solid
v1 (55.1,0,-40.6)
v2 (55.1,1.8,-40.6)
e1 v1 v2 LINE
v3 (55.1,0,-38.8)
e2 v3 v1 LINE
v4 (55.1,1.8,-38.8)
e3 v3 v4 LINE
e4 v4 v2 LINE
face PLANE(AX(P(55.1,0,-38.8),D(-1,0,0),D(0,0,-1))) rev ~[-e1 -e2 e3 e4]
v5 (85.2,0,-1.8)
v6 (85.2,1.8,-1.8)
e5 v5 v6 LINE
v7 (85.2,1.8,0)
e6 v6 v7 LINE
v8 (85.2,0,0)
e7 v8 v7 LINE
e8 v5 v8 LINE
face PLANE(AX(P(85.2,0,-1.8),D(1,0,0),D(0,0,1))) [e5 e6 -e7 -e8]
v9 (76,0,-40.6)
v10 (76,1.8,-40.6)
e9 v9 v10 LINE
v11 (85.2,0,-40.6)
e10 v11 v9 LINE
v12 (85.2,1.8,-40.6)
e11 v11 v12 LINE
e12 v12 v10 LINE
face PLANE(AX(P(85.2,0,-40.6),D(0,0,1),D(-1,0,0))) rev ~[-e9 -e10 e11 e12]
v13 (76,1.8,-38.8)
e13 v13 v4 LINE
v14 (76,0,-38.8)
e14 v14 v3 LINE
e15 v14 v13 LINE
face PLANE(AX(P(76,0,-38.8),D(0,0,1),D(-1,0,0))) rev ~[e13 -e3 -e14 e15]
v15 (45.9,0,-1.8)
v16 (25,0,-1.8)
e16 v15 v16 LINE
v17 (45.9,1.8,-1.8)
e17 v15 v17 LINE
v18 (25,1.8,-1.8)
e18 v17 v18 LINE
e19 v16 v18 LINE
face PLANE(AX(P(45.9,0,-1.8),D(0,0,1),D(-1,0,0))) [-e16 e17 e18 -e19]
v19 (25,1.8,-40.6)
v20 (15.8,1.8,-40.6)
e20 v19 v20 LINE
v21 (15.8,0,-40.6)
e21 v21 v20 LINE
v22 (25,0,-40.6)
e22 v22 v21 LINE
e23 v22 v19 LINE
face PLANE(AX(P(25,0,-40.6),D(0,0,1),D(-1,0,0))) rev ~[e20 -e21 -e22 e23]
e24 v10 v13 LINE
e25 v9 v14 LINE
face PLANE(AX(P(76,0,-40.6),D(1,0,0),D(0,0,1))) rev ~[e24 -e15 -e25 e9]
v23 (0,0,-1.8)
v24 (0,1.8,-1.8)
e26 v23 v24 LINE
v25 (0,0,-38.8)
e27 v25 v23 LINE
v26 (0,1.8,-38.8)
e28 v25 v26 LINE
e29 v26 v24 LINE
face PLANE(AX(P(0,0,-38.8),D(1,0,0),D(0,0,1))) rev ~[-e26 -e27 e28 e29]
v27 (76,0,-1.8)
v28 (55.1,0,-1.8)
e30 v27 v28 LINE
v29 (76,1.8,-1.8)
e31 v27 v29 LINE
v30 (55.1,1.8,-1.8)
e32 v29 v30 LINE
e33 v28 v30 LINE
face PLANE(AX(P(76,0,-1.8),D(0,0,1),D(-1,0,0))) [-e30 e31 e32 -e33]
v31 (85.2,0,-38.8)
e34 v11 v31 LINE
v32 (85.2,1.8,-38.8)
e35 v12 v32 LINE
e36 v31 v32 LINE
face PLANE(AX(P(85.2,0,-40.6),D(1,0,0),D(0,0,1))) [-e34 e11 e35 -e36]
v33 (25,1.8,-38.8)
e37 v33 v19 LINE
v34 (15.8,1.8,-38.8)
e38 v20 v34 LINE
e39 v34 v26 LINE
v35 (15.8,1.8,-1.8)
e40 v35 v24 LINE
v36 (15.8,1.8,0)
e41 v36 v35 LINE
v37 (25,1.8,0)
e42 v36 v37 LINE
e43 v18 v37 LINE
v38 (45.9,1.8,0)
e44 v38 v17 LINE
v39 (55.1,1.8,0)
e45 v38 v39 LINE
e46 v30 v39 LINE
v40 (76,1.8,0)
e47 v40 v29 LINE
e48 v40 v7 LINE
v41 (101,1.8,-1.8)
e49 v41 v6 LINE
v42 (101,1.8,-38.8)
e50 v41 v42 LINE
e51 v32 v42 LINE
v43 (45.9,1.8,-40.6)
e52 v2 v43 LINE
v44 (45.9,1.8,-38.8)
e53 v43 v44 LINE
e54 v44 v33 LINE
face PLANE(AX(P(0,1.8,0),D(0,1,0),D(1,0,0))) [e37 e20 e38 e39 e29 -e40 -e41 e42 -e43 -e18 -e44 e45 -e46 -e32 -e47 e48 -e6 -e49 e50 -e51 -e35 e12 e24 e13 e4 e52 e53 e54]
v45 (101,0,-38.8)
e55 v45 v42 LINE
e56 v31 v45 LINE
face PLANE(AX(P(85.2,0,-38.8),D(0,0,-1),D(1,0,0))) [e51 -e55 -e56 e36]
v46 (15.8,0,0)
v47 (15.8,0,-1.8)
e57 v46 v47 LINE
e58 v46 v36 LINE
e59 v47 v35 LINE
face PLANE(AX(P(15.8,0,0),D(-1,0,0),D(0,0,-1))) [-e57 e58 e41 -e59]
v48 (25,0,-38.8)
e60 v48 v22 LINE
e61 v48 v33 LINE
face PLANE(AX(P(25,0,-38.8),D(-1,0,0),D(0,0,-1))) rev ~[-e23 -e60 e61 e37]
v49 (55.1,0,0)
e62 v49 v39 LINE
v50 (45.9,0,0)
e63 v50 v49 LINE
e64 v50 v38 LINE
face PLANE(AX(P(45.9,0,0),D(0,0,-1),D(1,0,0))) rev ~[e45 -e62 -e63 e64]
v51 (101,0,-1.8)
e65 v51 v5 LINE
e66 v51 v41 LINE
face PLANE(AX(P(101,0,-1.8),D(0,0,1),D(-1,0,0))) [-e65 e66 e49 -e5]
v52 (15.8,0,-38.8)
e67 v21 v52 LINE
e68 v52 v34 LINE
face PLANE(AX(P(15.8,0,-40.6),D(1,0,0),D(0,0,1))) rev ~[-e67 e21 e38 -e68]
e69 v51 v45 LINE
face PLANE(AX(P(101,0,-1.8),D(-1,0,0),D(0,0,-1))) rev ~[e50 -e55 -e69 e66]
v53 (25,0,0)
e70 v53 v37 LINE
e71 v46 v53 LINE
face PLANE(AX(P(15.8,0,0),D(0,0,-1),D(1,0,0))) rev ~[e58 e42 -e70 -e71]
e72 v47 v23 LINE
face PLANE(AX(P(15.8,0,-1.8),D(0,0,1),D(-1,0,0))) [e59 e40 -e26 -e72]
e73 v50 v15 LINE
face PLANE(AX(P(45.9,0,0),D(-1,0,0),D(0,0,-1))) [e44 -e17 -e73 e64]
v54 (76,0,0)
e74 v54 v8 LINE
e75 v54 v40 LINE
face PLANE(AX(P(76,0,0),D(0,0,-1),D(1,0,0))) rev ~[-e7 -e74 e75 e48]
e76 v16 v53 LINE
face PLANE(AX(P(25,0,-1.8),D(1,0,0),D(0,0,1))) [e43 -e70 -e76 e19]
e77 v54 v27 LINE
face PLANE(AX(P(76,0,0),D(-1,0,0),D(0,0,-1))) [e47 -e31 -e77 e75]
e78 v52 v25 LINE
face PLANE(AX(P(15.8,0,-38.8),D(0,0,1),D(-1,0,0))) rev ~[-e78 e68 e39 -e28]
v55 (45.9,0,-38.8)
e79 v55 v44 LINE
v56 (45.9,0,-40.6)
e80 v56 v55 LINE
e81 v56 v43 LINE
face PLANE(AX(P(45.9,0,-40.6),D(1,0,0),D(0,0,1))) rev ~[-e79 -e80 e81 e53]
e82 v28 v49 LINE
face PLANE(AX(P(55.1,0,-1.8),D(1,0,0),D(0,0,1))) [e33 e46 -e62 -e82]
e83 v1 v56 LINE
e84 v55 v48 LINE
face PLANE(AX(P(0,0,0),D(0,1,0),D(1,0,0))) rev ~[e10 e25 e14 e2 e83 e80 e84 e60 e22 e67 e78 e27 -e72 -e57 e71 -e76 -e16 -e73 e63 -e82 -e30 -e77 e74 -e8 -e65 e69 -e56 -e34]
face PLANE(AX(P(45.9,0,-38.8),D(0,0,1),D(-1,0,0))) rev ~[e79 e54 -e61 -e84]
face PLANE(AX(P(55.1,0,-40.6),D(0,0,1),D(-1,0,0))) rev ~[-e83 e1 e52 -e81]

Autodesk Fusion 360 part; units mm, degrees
sketch "Skizze1" plane through (0, 0, 0) normal (0, 1, 0) x (1, 0, 0)
  line L0 (0, 0) -> (101, 0)
  line L1 (101, 0) -> (101, 40.6)
  line L2 (101, 40.6) -> (0, 40.6)
  line L3 (0, 40.6) -> (0, 0)
  line L4 (0, 0) -> (15.8, 0)
  line L5 (15.8, 0) -> (15.8, 1.8)
  line L6 (15.8, 1.8) -> (0, 1.8)
  line L7 (0, 1.8) -> (0, 0)
  line L8 (25, 0) -> (45.9, 0)
  line L9 (45.9, 0) -> (45.9, 1.8)
  line L10 (45.9, 1.8) -> (25, 1.8)
  line L11 (25, 1.8) -> (25, 0)
  line L12 (55.1, 0) -> (76, 0)
  line L13 (76, 0) -> (76, 1.8)
  line L14 (76, 1.8) -> (55.1, 1.8)
  line L15 (55.1, 1.8) -> (55.1, 0)
  line L16 (85.2, 0) -> (101, 0)
  line L17 (101, 0) -> (101, 1.8)
  line L18 (101, 1.8) -> (85.2, 1.8)
  line L19 (85.2, 1.8) -> (85.2, 0)
  line L20 (0, 40.6) -> (15.8, 40.6)
  line L21 (15.8, 40.6) -> (15.8, 38.8)
  line L22 (15.8, 38.8) -> (0, 38.8)
  line L23 (0, 38.8) -> (0, 40.6)
  line L24 (25, 40.6) -> (45.9, 40.6)
  line L25 (45.9, 40.6) -> (45.9, 38.8)
  line L26 (45.9, 38.8) -> (25, 38.8)
  line L27 (25, 38.8) -> (25, 40.6)
  line L28 (55.1, 40.6) -> (76, 40.6)
  line L29 (76, 40.6) -> (76, 38.8)
  line L30 (76, 38.8) -> (55.1, 38.8)
  line L31 (55.1, 38.8) -> (55.1, 40.6)
  line L32 (101, 40.6) -> (85.2, 40.6)
  line L33 (85.2, 40.6) -> (85.2, 38.8)
  line L34 (85.2, 38.8) -> (101, 38.8)
  line L35 (101, 38.8) -> (101, 40.6)
  dimension "d1" = 101
  dimension "d2" = 40.6
  dimension "d3" = 15.8
  dimension "d4" = 1.8
  dimension "d6" = 1.8
  dimension "d7" = 9.2
  dimension "d8" = 45.9
  dimension "d9" = 1.8
  dimension "d10" = 9.2
  dimension "d14" = 15.8
  dimension "d15" = 9.2
  dimension "d16" = 15.8
  dimension "d17" = 1.8
  dimension "d18" = 1.8
  dimension "d19" = 9.2
  dimension "d20" = 45.9
  dimension "d22" = 15.8
  dimension "d23" = 1.8
  dimension "d24" = 9.2
  dimension "d25" = 9.2
extrude "Extrusion1" add sketch "Skizze1" along normal blind 1.8 contours L0 L1 L2 L3 L5 L6 L9 L10 L11 L13 L14 L15 L18 L19 L21 L22 L25 L26 L27 L29 L30 L31 L33 L34
